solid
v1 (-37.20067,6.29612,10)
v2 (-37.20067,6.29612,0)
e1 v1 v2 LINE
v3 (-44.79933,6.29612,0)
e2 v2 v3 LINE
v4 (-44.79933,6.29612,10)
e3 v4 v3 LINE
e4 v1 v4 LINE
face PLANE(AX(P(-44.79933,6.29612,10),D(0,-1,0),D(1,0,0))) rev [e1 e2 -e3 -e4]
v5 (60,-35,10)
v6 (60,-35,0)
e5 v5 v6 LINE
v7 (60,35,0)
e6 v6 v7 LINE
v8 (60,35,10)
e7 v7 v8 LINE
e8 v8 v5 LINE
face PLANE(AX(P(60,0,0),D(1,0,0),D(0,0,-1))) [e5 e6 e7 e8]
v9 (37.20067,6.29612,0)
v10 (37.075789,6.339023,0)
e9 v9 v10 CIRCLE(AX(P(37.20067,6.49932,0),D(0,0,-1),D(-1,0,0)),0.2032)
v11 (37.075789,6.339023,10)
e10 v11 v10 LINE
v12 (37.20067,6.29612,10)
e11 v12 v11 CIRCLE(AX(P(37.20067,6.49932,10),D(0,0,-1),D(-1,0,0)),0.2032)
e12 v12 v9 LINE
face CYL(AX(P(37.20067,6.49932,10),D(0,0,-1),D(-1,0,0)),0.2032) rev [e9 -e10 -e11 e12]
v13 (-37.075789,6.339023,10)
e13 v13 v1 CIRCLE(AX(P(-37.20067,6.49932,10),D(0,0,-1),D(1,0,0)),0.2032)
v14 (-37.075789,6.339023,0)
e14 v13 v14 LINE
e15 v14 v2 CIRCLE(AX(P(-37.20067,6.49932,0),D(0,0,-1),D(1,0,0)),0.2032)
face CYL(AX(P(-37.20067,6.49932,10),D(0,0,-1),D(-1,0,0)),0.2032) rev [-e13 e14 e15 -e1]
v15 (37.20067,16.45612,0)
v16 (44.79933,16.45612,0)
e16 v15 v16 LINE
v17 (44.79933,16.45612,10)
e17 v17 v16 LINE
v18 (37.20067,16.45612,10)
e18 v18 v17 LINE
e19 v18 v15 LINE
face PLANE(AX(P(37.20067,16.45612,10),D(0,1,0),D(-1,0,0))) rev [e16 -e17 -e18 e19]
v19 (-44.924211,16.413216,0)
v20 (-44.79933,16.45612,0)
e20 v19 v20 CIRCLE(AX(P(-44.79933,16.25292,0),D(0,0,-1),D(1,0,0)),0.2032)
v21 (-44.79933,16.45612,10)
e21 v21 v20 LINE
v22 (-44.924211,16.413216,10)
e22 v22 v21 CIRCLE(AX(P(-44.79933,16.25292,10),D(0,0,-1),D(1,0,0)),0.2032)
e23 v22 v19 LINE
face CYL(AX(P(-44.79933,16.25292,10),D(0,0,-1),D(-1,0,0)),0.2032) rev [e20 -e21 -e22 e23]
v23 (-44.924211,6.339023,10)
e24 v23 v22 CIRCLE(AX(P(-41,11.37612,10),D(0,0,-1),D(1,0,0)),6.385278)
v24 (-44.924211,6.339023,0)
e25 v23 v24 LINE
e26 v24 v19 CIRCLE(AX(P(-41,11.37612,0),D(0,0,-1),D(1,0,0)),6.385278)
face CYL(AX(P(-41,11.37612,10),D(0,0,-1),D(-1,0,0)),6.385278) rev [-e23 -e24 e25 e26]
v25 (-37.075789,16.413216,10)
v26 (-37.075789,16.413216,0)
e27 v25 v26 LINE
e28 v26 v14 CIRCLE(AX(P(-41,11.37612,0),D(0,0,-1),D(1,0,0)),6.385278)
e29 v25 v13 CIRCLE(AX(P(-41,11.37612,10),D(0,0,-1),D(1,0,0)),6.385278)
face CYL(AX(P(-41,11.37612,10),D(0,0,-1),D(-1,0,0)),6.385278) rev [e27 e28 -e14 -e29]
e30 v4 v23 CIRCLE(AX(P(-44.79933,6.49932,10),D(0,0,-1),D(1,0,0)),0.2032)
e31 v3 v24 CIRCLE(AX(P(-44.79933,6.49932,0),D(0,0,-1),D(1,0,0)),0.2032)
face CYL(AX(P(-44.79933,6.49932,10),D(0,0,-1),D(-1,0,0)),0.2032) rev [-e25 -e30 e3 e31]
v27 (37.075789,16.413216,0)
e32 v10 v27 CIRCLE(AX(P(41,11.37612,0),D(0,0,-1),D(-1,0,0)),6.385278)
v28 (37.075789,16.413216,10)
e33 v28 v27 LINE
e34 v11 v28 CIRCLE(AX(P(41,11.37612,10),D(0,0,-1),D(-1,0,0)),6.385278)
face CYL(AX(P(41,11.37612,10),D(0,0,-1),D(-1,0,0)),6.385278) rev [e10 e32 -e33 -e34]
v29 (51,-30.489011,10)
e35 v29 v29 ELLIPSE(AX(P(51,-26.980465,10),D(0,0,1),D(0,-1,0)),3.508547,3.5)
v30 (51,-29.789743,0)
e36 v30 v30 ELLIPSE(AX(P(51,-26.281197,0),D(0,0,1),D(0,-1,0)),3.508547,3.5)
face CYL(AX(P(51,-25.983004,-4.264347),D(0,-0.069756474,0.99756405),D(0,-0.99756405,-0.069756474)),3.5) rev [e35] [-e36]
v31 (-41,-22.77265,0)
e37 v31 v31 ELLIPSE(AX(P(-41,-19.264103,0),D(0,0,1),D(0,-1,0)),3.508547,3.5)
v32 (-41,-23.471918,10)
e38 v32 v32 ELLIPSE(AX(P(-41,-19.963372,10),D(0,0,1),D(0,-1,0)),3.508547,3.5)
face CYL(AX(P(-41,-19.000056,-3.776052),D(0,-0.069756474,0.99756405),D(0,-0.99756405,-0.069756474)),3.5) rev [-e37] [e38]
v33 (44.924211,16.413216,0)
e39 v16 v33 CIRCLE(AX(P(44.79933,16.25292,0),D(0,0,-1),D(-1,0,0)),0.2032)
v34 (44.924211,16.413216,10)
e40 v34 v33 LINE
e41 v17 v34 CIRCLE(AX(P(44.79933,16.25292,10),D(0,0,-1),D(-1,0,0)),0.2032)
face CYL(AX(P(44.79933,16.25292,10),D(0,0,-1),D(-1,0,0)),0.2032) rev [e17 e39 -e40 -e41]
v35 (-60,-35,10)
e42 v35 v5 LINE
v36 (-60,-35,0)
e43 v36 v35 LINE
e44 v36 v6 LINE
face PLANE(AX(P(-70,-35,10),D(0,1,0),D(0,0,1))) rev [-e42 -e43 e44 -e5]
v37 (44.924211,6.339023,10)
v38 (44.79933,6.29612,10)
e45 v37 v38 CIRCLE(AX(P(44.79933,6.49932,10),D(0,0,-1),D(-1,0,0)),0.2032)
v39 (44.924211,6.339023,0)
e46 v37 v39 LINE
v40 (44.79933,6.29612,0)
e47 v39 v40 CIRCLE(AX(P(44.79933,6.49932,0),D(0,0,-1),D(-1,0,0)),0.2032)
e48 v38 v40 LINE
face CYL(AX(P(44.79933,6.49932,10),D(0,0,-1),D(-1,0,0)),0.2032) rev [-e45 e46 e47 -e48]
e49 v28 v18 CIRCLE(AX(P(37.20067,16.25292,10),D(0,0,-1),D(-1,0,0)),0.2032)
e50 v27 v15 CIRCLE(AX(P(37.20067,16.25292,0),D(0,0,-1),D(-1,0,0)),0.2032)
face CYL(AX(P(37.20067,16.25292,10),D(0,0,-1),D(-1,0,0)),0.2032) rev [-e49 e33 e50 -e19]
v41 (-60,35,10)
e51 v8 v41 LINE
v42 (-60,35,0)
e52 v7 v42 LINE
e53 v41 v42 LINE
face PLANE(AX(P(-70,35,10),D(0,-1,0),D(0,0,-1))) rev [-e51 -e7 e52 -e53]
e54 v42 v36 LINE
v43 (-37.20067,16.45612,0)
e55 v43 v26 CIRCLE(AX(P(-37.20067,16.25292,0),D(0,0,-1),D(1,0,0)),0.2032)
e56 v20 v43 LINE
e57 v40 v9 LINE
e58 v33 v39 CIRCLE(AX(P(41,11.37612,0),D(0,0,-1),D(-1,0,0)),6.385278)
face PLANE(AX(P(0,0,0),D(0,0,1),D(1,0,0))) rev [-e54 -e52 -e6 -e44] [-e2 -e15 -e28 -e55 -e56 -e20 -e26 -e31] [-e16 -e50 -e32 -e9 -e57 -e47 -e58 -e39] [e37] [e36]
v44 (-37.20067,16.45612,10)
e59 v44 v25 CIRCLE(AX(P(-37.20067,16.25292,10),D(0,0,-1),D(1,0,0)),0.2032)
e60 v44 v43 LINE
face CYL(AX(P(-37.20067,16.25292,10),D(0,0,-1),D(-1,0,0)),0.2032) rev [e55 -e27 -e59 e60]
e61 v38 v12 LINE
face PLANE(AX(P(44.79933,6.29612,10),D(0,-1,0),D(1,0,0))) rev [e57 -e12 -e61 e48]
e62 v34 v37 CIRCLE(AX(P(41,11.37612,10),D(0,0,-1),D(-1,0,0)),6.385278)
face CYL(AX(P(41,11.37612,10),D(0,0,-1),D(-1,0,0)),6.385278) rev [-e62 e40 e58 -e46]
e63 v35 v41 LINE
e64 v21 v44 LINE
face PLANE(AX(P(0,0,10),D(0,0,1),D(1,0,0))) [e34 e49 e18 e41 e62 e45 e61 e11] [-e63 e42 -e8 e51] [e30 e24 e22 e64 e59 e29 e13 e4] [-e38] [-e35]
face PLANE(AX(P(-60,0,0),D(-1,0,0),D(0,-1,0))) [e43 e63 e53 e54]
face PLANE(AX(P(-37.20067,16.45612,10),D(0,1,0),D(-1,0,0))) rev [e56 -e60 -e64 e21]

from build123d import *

# Parameters (mm, degrees)
SKETCH1_W           = 140
SKETCH1_H           = 70
BOSS_EXTRUDE1_DEPTH = 10
CUT_EXTRUDE1_DEPTH  = 79.89866919
SKETCH3_W           = 10
SKETCH3_H           = 70
CUT_EXTRUDE2_DEPTH  = 10
SKETCH4_W           = 10
SKETCH4_H           = 70
CUT_EXTRUDE3_DEPTH  = 10
SKETCH5_R           = 3.5
CUT_EXTRUDE4_DEPTH  = 71.99166851


with BuildPart() as part:
    # Sketch1 → Boss-Extrude1 (new body)
    with BuildSketch(Plane.XY):
        Rectangle(SKETCH1_W, SKETCH1_H)
    extrude(amount=BOSS_EXTRUDE1_DEPTH)

    # Sketch2 → Cut-Extrude1 (cut, through all)
    with BuildSketch(Plane(origin=(0, 0, 0), x_dir=(-1, 0, 0), z_dir=(0, 0, -1))):
        with BuildLine():
            Line((-44.799329863, 6.296119908), (-37.200670137, 6.296119908))
            ThreePointArc((-37.200670137, 6.296119908), (-37.134647488, 6.307144858), (-37.075789173, 6.339023354))
            ThreePointArc((-37.075789173, 6.339023354), (-34.614722222, 11.376119908), (-37.075789173, 16.413216461))
            ThreePointArc((-37.075789173, 16.413216461), (-37.134647488, 16.445094958), (-37.200670137, 16.456119908))
            Line((-37.200670137, 16.456119908), (-44.799329863, 16.456119908))
            ThreePointArc((-44.799329863, 16.456119908), (-44.865352512, 16.445094958), (-44.924210827, 16.413216461))
            ThreePointArc((-44.924210827, 16.413216461), (-47.385277778, 11.376119908), (-44.924210827, 6.339023354))
            ThreePointArc((-44.924210827, 6.339023354), (-44.865352512, 6.307144858), (-44.799329863, 6.296119908))
        make_face()
        with BuildLine():
            Line((37.200670137, 16.456119908), (44.799329863, 16.456119908))
            ThreePointArc((44.799329863, 16.456119908), (44.865352512, 16.445094958), (44.924210827, 16.413216461))
            ThreePointArc((44.924210827, 16.413216461), (47.385277778, 11.376119908), (44.924210827, 6.339023354))
            ThreePointArc((44.924210827, 6.339023354), (44.865352512, 6.307144858), (44.799329863, 6.296119908))
            Line((44.799329863, 6.296119908), (37.200670137, 6.296119908))
            ThreePointArc((37.200670137, 6.296119908), (37.134647488, 6.307144858), (37.075789173, 6.339023354))
            ThreePointArc((37.075789173, 6.339023354), (34.614722222, 11.376119908), (37.075789173, 16.413216461))
            ThreePointArc((37.075789173, 16.413216461), (37.134647488, 16.445094958), (37.200670137, 16.456119908))
        make_face()
    extrude(amount=-CUT_EXTRUDE1_DEPTH, mode=Mode.SUBTRACT)

    # Sketch3 → Cut-Extrude2 (cut)
    with BuildSketch(Plane(origin=(70, 0, 0), x_dir=(0, 0, -1), z_dir=(1, 0, 0))):
        with Locations((-5, 0)):
            Rectangle(SKETCH3_W, SKETCH3_H)
    extrude(amount=-CUT_EXTRUDE2_DEPTH, mode=Mode.SUBTRACT)

    # Sketch4 → Cut-Extrude3 (cut)
    with BuildSketch(Plane.ZY.offset(70)):
        with Locations((5, 0)):
            Rectangle(SKETCH4_W, SKETCH4_H)
    extrude(amount=-CUT_EXTRUDE3_DEPTH, mode=Mode.SUBTRACT)

    # Sketch5 → Cut-Extrude4 (cut, through all)
    with BuildSketch(Plane(origin=(0, -0.866174302, 12.386869611), x_dir=(1, 0, 0), z_dir=(0, -0.06975647374412544, 0.9975640502598242))):
        with Locations(Location((51, -26.217177022, 0), (0, 0, 270))):
            Circle(SKETCH5_R)
        with Locations(Location((-41, -19.217177022, 0), (0, 0, 270))):
            Circle(SKETCH5_R)
    extrude(amount=-CUT_EXTRUDE4_DEPTH, mode=Mode.SUBTRACT)


solid = part.part
